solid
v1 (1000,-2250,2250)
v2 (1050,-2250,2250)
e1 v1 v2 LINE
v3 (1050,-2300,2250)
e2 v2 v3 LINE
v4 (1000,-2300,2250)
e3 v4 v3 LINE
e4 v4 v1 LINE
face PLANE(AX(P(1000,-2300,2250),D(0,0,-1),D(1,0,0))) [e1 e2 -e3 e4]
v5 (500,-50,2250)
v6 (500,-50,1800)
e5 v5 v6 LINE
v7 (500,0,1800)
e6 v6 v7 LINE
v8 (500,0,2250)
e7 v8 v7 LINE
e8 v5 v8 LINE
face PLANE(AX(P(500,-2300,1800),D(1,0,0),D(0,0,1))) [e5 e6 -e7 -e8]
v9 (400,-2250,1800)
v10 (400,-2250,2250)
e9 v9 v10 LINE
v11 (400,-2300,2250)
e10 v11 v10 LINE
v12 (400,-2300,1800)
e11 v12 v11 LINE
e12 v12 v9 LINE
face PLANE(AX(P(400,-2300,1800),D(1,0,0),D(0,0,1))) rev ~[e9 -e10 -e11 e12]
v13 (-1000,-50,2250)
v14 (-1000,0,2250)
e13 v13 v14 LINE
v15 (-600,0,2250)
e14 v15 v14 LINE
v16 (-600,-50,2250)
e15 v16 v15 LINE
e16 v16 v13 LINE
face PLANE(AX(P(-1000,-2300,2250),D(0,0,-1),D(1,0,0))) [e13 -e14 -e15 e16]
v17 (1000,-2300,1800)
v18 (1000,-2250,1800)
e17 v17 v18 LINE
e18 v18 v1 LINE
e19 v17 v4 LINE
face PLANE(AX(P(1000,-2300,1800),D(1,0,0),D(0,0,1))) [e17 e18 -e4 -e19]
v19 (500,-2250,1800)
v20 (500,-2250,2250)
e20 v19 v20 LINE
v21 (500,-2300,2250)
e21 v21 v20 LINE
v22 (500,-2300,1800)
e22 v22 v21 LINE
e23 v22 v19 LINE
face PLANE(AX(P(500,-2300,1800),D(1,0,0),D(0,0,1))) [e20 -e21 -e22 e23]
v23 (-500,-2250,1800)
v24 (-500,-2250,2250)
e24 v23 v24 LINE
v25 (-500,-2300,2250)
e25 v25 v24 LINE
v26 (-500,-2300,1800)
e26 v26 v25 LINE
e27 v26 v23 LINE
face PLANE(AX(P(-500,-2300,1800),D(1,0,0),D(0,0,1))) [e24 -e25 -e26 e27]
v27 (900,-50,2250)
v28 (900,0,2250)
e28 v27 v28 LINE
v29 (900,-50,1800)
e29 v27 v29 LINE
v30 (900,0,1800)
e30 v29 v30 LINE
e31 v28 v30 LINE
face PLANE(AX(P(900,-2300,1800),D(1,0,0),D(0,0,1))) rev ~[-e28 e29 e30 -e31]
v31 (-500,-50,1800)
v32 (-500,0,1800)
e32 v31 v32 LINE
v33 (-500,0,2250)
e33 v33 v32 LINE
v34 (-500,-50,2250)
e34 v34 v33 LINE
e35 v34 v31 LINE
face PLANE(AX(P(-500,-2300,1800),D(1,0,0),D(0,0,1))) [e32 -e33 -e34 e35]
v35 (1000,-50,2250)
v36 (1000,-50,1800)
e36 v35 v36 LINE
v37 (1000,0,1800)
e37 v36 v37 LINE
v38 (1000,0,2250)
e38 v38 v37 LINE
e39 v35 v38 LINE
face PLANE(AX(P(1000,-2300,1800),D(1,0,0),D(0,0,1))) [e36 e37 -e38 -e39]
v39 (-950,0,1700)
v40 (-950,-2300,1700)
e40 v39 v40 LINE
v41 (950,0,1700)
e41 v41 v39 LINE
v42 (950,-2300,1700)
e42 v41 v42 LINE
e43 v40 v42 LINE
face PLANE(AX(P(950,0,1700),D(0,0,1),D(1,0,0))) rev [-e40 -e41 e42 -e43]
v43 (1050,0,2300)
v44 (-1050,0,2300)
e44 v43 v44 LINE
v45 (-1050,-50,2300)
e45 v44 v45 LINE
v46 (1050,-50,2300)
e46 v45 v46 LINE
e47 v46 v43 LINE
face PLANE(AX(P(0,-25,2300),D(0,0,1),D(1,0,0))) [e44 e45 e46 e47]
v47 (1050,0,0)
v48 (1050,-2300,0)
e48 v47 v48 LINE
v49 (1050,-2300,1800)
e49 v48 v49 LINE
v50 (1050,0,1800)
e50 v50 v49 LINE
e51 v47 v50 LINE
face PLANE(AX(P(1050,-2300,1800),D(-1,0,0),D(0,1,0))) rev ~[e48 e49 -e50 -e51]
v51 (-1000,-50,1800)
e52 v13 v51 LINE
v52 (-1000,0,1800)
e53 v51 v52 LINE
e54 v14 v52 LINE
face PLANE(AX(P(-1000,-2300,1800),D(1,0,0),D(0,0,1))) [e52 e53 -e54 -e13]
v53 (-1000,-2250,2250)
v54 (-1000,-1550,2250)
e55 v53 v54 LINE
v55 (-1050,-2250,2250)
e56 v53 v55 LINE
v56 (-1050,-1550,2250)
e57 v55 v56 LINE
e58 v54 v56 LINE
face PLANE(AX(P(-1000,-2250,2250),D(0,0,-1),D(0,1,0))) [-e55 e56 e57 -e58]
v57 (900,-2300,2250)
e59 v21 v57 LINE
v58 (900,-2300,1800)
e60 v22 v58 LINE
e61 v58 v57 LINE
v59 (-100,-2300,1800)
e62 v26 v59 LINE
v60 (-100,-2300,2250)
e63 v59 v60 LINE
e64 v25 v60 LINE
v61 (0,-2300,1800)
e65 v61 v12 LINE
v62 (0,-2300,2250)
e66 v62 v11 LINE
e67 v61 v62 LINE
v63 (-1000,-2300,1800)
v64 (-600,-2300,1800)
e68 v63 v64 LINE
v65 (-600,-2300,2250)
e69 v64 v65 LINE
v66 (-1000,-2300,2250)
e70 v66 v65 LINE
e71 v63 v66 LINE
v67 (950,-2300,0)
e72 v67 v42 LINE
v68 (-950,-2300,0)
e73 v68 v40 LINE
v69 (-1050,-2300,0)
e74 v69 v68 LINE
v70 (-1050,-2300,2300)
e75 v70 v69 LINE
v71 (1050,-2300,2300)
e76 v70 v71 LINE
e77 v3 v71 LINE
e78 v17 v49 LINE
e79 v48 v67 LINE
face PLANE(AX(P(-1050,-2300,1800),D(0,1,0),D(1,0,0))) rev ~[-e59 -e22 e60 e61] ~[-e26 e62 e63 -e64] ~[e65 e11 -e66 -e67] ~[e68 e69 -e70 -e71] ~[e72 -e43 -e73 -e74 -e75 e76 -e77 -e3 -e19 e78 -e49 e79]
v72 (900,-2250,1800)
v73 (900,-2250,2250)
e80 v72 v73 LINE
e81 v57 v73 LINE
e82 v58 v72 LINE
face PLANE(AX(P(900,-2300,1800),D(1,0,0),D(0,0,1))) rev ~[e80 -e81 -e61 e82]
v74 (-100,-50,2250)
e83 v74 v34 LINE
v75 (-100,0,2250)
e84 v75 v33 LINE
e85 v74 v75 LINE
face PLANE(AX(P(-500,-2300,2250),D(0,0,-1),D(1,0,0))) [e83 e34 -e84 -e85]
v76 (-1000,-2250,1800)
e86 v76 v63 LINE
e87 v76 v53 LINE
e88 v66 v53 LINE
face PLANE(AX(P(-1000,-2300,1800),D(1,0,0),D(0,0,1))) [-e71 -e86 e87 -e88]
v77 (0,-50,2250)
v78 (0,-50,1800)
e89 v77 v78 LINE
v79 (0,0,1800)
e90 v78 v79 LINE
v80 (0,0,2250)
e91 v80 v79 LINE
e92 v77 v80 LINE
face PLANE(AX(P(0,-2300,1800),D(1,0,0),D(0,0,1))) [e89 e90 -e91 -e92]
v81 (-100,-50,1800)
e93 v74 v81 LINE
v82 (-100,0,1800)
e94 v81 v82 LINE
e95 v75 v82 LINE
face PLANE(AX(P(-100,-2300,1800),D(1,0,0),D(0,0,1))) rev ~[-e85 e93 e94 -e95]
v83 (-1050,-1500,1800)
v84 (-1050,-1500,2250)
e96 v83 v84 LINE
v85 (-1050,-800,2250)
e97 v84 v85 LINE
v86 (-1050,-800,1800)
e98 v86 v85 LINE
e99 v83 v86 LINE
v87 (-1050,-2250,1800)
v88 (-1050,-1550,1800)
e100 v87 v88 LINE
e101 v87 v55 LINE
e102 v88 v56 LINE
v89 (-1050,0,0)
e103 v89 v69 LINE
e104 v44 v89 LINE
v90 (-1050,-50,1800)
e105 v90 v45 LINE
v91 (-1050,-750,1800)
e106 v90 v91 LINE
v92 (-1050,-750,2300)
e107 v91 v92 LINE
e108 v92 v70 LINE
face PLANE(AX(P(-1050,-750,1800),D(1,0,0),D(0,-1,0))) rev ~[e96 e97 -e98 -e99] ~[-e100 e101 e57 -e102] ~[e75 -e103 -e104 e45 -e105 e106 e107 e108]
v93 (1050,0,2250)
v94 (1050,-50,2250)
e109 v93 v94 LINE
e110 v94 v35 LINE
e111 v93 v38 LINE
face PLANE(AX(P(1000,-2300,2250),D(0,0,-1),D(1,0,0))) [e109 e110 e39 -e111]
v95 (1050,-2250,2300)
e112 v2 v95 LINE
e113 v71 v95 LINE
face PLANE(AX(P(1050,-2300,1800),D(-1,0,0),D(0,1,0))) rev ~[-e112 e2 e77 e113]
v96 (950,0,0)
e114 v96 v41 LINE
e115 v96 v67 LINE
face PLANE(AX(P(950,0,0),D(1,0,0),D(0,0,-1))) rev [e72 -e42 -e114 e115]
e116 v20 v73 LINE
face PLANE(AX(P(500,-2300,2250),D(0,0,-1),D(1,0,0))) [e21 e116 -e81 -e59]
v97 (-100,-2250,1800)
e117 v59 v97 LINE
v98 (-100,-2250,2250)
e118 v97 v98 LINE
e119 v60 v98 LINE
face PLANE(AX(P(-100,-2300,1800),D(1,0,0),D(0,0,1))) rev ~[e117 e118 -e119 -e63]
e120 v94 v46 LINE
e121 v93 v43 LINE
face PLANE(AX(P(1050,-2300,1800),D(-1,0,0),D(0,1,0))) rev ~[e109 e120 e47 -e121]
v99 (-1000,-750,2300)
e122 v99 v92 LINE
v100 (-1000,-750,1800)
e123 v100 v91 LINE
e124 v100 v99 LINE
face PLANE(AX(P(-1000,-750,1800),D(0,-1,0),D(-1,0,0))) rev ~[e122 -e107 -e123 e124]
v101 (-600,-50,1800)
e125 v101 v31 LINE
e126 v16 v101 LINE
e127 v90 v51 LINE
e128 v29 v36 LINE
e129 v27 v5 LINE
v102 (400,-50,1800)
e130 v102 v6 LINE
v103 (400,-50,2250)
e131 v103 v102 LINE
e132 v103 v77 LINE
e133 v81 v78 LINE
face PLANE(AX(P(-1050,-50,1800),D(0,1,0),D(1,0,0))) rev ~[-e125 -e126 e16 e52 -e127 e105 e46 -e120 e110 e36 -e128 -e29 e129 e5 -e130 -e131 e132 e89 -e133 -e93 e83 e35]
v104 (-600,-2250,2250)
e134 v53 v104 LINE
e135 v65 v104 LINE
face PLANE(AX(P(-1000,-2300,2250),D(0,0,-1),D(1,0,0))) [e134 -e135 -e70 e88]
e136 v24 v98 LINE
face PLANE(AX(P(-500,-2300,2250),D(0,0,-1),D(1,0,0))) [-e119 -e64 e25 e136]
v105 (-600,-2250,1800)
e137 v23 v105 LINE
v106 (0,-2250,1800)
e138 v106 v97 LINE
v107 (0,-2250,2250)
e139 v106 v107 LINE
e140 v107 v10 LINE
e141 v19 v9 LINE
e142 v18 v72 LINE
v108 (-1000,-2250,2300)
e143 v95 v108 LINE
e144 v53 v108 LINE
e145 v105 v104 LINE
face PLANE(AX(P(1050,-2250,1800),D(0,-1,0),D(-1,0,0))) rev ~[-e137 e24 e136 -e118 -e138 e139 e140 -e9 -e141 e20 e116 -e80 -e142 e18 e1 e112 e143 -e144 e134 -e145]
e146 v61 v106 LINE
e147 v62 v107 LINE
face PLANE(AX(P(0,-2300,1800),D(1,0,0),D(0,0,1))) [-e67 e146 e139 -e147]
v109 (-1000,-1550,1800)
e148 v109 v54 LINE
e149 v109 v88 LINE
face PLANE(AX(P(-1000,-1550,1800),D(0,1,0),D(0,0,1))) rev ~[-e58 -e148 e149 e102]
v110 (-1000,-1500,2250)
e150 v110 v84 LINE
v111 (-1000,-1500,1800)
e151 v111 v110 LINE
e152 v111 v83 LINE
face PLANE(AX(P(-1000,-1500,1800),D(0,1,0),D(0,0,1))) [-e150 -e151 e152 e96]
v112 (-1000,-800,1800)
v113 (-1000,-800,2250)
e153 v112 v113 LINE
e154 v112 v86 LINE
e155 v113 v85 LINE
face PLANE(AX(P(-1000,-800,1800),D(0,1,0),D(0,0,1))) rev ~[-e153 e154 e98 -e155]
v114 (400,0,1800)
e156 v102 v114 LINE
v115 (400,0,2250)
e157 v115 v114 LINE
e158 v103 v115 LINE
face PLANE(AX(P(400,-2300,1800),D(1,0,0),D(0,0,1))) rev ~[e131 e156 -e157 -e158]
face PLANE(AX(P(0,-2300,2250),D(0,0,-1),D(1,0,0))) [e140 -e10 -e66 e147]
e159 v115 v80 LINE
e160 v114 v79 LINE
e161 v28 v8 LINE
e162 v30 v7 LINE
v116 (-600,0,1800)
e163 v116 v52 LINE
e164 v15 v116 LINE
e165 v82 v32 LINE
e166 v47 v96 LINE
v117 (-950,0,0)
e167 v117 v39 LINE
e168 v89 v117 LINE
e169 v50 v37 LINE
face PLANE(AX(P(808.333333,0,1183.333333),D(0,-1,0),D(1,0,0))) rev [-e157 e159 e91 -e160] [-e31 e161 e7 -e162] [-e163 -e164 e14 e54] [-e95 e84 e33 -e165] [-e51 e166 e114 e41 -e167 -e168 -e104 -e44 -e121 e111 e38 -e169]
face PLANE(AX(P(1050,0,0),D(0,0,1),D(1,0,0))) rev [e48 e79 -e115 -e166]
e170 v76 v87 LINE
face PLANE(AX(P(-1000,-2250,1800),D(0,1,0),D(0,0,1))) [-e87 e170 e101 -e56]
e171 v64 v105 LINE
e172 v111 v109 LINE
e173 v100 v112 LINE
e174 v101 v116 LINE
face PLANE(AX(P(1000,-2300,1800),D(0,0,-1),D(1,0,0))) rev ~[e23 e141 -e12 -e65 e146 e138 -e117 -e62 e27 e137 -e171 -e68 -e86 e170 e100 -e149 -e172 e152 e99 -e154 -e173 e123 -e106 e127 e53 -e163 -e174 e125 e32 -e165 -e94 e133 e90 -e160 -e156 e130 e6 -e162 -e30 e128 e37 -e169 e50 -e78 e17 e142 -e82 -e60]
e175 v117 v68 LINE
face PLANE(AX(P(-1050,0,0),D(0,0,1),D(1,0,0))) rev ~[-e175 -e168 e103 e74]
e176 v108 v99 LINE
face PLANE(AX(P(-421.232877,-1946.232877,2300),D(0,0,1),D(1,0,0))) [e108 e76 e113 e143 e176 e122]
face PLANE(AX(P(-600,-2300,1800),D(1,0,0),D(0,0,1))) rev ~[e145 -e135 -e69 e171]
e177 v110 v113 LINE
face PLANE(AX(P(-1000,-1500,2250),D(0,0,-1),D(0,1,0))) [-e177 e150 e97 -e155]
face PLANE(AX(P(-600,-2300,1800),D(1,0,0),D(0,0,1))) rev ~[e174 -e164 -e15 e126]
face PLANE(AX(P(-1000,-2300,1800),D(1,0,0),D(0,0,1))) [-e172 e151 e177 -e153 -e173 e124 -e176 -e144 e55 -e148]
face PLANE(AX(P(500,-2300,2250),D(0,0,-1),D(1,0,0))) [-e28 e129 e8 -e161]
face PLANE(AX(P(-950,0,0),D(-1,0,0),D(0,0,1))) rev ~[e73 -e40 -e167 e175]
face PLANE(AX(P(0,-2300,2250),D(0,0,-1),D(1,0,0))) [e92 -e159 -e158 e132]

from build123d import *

# Parameters (mm, degrees)
F1_DEPTH = 2300
F4_DEPTH = 500
F5_W     = 400
F5_H     = 450
F6_DEPTH = 2300.001
F7_W     = 700
F7_H     = 450
F8_DEPTH = 50


with BuildPart() as f1:
    # F0 (on Front) → F1 (new body)
    with BuildSketch(Plane.XZ):
        Polygon((-1050, 1800), (-1050, 0), (-950, 0), (-950, 1700), (0, 1700), (0, 1800), align=None)
    extrude(amount=F1_DEPTH)

    # F2: F1 across plane


with BuildPart() as f1_1:
    add(f1.part)
    add(f1.part.mirror(Plane.YZ))

    # F3 (on face) → F4 (join)
    with BuildSketch(Plane.XY.offset(1800)):
        Polygon((-1050, -2300), (1050, -2300), (1050, -2250), (-1000, -2250), (-1000, -750), (-1050, -750), align=None)
        Polygon((1050, -50), (1050, 0), (-1050, 0), (-1050, -50), (-1000, -50), align=None)
    extrude(amount=F4_DEPTH)

    # F5 (on face) → F6 (cut, through all)
    with BuildSketch(Plane.XZ.offset(2300)):
        with Locations((-800, 2025)):
            Rectangle(F5_W, F5_H)
        with Locations((-300, 2025)):
            Rectangle(F5_W, F5_H)
        with Locations((200, 2025)):
            Rectangle(F5_W, F5_H)
        with Locations((700, 2025)):
            Rectangle(F5_W, F5_H)
        with Locations((1200, 2025)):
            Rectangle(F5_W, F5_H)
    extrude(amount=-F6_DEPTH, mode=Mode.SUBTRACT)

    # F7 (on face) → F8 (cut, through all)
    with BuildSketch(Plane.YZ.offset(-1000)):
        with Locations((-1900, 2025)):
            Rectangle(F7_W, F7_H)
        with Locations((-1150, 2025)):
            Rectangle(F7_W, F7_H)
    extrude(amount=-F8_DEPTH, mode=Mode.SUBTRACT)


solid = f1_1.part
